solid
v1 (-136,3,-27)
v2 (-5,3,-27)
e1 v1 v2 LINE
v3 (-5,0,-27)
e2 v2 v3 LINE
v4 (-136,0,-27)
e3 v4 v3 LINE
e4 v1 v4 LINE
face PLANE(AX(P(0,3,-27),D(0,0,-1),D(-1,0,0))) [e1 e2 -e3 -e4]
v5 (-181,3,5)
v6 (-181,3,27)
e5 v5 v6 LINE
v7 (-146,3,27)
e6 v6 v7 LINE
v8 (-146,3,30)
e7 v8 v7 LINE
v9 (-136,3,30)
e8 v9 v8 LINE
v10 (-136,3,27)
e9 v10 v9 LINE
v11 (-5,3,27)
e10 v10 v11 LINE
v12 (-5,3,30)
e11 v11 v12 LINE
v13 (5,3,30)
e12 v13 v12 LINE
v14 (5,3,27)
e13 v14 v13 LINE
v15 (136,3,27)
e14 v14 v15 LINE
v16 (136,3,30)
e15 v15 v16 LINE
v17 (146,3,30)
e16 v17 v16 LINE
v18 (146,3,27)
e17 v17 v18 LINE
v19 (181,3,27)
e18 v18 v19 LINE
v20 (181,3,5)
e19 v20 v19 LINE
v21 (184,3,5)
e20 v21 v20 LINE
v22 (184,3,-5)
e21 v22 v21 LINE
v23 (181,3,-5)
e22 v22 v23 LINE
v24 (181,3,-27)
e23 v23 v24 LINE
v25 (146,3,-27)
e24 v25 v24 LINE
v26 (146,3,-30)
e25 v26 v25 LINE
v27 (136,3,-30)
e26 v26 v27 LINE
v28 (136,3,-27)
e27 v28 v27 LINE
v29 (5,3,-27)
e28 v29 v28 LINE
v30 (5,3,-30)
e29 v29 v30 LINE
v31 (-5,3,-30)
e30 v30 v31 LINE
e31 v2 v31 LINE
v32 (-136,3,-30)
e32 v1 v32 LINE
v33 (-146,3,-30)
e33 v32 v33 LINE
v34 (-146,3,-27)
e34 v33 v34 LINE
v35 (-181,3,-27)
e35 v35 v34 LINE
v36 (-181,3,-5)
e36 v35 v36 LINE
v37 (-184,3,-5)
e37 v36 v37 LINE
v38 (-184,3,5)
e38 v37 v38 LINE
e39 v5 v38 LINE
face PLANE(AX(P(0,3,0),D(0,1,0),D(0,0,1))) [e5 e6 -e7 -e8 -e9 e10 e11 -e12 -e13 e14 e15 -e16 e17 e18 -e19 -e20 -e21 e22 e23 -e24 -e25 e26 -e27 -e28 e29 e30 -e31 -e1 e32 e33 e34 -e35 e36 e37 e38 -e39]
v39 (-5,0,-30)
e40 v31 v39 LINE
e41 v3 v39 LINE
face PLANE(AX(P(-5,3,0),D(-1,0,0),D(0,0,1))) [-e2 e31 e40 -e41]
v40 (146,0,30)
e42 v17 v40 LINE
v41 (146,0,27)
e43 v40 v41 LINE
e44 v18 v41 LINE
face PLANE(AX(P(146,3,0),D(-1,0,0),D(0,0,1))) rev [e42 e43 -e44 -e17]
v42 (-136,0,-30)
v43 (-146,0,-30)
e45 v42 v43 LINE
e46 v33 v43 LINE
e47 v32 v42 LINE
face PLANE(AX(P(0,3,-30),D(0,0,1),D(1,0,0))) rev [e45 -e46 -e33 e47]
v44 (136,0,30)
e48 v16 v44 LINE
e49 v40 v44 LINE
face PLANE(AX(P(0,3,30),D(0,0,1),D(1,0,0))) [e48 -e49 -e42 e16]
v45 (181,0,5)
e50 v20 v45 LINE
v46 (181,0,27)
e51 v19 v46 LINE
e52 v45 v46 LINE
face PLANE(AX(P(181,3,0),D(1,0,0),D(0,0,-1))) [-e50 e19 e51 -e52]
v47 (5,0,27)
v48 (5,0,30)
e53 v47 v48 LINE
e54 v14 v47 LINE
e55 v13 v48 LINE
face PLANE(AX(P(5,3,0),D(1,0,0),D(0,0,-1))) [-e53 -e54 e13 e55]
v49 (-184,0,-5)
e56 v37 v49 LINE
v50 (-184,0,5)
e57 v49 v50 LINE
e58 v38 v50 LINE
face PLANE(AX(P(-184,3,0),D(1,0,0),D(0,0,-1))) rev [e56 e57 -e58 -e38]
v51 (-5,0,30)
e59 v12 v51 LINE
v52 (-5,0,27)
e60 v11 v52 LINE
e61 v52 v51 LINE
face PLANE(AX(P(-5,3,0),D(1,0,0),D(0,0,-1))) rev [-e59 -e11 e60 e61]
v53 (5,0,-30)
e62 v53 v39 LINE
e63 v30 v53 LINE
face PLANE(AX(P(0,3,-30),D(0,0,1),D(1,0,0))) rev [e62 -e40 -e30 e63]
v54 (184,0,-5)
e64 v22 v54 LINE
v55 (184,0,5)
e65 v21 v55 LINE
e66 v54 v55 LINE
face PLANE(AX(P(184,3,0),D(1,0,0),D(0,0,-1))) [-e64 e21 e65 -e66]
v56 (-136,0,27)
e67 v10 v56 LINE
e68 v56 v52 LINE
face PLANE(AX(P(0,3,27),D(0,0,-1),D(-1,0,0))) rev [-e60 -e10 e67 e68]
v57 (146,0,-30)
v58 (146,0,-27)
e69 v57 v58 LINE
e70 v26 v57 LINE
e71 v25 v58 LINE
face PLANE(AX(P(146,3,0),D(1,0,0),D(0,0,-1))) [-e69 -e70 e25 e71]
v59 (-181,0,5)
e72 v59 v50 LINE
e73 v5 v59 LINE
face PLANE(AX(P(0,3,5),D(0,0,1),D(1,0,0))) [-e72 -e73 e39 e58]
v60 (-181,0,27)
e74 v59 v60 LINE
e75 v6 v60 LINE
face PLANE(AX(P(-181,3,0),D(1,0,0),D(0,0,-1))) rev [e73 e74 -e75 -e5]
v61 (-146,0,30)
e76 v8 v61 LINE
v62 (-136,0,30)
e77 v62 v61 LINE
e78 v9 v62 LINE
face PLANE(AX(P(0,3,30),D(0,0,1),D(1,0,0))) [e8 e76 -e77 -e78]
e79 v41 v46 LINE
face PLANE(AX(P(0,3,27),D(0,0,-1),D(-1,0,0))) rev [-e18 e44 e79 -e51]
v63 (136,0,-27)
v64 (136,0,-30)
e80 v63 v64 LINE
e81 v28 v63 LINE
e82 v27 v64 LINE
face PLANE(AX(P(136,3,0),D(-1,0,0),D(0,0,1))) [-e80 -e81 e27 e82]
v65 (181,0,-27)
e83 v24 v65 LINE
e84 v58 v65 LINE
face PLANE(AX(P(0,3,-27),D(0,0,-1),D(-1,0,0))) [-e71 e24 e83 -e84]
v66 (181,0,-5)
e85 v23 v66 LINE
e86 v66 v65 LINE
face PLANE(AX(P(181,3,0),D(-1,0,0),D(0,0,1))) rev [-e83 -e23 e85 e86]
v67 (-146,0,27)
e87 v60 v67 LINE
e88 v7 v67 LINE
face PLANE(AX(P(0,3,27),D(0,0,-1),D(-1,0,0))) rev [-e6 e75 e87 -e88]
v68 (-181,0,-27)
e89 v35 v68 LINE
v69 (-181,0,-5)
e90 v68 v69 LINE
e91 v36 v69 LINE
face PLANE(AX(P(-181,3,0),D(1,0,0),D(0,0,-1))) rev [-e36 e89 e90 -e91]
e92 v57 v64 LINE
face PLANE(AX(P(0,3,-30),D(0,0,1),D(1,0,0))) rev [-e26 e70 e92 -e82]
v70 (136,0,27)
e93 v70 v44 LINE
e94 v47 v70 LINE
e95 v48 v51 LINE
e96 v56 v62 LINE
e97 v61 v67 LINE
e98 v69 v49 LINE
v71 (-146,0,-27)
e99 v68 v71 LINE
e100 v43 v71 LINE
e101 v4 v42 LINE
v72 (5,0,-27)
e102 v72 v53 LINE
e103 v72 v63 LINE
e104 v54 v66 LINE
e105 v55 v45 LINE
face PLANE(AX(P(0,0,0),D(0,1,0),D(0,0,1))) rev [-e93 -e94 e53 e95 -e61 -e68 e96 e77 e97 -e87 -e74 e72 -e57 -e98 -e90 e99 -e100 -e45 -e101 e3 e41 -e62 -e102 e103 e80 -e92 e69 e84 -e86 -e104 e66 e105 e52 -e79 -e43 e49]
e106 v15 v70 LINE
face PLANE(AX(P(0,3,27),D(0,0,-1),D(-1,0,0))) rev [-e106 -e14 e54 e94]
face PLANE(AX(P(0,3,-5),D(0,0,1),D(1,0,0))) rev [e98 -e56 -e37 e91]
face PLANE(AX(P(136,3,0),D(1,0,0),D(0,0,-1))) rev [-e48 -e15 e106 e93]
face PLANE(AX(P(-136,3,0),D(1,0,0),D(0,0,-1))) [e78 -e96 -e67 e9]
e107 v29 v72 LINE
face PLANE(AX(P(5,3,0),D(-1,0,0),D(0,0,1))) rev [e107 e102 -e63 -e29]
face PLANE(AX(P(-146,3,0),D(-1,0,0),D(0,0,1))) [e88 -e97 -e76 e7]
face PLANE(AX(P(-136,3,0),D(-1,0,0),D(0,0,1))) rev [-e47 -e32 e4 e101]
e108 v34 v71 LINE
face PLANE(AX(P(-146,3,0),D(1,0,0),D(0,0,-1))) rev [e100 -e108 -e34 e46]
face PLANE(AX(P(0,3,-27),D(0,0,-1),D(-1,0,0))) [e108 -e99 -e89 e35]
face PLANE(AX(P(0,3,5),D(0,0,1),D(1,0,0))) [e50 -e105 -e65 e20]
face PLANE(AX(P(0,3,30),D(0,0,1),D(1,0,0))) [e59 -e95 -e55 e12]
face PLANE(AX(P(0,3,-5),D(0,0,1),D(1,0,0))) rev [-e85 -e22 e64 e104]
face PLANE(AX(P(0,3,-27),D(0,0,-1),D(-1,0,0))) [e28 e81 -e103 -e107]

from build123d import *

# Parameters (mm, degrees)
BOSS_EXTRUDE1_DEPTH = 3


with BuildPart() as part:
    # Sketch1 → Boss-Extrude1 (new body)
    with BuildSketch(Plane(origin=(0, 0, 0), x_dir=(1, 0, 0), z_dir=(0, 1, 0))):
        Polygon((-181, 27), (-181, 5), (-184, 5), (-184, -5), (-181, -5), (-181, -27), (-146, -27), (-146, -30), (-136, -30), (-136, -27), (-5, -27), (-5, -30), (5, -30), (5, -27), (136, -27), (136, -30), (146, -30), (146, -27), (181, -27), (181, -5), (184, -5), (184, 5), (181, 5), (181, 27), (146, 27), (146, 30), (136, 30), (136, 27), (5, 27), (5, 30), (-5, 30), (-5, 27), (-136, 27), (-136, 30), (-146, 30), (-146, 27), align=None)
    extrude(amount=BOSS_EXTRUDE1_DEPTH)


solid = part.part
